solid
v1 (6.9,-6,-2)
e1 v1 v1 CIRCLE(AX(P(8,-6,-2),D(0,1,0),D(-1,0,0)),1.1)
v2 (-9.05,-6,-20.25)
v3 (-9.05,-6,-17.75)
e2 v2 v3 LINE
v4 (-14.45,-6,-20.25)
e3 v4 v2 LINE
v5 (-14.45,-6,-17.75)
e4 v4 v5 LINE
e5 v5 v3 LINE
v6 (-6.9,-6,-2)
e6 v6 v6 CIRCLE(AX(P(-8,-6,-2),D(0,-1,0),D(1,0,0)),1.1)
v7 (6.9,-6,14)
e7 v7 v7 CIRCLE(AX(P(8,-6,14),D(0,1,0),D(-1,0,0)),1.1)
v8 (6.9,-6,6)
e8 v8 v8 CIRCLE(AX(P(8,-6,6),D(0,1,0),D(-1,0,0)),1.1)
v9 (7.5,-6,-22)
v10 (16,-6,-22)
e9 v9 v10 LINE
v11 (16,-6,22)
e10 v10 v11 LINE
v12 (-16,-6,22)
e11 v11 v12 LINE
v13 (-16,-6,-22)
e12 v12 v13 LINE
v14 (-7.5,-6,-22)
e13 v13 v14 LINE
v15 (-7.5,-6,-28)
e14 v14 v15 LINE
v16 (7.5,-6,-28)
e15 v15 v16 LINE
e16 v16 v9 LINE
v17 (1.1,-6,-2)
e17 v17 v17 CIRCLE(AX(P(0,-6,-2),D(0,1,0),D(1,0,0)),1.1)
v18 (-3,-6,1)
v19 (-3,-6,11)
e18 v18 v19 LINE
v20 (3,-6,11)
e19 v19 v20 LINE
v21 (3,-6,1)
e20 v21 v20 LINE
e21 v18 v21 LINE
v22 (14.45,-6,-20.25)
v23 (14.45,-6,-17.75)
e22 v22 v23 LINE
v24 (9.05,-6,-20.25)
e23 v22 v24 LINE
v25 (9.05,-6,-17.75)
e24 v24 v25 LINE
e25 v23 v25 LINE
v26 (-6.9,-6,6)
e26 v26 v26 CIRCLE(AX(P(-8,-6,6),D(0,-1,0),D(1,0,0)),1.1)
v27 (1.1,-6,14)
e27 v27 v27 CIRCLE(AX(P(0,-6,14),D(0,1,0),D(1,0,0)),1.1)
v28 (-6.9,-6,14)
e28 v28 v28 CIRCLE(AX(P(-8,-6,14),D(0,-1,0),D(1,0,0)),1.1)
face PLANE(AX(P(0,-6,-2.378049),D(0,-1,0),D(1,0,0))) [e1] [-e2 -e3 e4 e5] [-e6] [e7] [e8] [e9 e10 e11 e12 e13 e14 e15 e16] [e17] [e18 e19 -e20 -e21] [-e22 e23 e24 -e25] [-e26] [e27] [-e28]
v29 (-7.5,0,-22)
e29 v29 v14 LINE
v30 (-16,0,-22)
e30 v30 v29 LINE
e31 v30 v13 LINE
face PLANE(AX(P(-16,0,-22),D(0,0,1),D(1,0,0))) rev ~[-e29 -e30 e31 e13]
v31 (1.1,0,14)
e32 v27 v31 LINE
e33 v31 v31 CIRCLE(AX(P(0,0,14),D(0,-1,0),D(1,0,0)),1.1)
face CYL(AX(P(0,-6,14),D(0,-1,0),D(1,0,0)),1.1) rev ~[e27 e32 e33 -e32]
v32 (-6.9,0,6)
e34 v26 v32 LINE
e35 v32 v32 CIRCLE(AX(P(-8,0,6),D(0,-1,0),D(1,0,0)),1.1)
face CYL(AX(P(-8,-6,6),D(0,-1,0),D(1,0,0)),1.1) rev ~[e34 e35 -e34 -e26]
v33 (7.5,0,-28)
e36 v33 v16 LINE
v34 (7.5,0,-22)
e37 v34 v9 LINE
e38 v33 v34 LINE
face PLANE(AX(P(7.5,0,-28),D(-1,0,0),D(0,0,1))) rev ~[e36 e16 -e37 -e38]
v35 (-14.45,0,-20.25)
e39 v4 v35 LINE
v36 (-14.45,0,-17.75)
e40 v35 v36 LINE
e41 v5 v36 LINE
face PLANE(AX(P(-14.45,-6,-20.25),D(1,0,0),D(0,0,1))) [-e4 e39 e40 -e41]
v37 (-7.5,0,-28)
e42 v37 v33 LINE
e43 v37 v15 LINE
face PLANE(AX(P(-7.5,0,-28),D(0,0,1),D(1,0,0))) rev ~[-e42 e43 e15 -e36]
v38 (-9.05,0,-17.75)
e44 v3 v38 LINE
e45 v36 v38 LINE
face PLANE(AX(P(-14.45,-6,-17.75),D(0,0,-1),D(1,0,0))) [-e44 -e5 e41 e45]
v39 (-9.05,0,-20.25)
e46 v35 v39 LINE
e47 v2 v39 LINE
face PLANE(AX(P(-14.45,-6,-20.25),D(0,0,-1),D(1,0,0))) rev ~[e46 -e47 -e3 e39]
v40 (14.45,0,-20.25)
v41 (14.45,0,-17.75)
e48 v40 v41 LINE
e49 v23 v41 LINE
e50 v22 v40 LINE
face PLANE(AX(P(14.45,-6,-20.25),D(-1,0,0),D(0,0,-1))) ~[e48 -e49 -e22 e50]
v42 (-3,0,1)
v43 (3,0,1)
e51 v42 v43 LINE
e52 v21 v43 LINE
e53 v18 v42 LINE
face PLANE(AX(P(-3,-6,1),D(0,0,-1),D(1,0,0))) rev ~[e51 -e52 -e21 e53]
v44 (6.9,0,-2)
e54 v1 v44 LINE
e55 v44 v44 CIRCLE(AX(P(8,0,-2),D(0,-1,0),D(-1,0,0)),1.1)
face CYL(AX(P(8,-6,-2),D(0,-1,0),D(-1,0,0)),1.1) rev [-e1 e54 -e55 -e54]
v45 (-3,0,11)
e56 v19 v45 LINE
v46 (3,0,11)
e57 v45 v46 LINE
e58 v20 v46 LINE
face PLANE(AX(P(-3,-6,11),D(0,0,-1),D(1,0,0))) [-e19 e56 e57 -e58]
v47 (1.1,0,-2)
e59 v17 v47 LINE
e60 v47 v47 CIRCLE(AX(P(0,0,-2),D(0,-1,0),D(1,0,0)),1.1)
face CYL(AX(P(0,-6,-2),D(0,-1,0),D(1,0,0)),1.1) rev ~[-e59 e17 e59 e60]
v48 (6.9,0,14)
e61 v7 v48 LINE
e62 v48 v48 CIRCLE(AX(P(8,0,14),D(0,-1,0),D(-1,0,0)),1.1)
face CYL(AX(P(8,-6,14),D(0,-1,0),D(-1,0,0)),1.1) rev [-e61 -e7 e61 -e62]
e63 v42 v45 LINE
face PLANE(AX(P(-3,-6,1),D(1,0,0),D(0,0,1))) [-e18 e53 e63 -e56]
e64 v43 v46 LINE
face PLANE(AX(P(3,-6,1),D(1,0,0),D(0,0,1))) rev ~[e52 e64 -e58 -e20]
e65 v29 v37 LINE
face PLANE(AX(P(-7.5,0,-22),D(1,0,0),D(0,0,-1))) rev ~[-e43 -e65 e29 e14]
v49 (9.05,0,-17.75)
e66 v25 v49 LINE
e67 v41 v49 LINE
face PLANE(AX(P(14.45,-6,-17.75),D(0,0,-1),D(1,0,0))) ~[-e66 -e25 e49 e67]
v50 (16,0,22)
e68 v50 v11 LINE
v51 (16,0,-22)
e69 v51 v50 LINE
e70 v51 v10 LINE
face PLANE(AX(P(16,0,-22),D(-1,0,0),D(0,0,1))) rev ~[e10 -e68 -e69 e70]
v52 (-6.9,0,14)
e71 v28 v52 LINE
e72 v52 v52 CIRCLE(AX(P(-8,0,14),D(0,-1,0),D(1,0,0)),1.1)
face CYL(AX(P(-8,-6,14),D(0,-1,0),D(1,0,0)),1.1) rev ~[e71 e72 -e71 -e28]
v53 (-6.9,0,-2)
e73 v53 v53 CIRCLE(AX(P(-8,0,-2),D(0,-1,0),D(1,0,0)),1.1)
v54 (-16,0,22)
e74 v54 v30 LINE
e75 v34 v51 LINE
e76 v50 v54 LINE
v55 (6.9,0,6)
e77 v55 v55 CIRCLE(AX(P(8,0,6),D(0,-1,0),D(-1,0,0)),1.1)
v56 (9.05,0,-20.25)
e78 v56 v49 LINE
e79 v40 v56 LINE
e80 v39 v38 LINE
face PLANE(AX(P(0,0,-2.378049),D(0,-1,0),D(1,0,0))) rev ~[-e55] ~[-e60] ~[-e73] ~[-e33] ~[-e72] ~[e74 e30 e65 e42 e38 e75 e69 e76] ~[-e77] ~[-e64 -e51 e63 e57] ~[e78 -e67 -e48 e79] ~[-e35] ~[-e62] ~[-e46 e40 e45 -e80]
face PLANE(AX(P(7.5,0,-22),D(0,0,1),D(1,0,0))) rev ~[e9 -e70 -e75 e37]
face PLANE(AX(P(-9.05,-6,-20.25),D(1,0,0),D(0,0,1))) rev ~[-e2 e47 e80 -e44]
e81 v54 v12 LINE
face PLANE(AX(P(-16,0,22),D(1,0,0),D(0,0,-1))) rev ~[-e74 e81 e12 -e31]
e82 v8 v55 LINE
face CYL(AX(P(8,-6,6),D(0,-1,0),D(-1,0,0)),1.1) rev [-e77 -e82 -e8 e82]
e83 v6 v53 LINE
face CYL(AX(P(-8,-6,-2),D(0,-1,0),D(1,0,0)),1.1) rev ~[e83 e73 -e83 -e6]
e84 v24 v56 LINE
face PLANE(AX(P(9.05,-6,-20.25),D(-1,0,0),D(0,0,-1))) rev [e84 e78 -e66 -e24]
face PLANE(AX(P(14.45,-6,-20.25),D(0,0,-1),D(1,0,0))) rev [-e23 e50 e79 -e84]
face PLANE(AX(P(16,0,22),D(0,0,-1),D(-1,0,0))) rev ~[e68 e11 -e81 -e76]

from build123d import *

# Parameters (mm, degrees)
PAD_DEPTH       = 6
SKETCH001_R     = 1.1
SKETCH001_W     = 6
SKETCH001_H     = 10
POCKET_DEPTH    = 125.332471
SKETCH002_W     = 5.4
SKETCH002_H     = 2.5
POCKET001_DEPTH = 125.332471


with BuildPart() as part:
    # Sketch → Pad (new body)
    with BuildSketch(Plane.XZ):
        Polygon((16, -22), (16, 22), (-16, 22), (-16, -22), (-7.5, -22), (-7.5, -28), (7.5, -28), (7.5, -22), align=None)
    extrude(amount=PAD_DEPTH)

    # Sketch001 (on Face10 of Pad) → Pocket (cut, through all)
    with BuildSketch(Plane.XZ.offset(6)):
        with Locations((0, 14)):
            Circle(SKETCH001_R)
        with Locations((-8, 6)):
            Circle(SKETCH001_R)
        with Locations((-8, 14)):
            Circle(SKETCH001_R)
        with Locations((-8, -2)):
            Circle(SKETCH001_R)
        with Locations((0, -2)):
            Circle(SKETCH001_R)
        with Locations((0, 6)):
            Rectangle(SKETCH001_W, SKETCH001_H)
    pocket = extrude(amount=-POCKET_DEPTH, mode=Mode.SUBTRACT)

    # Mirrored: Pocket across Sketch001 V_Axis
    add(pocket.mirror(Plane(origin=(0, -6, 0), x_dir=(0, -1, 0), z_dir=(1, 0, 0))), mode=Mode.SUBTRACT)

    # Sketch002 (on Face5 of Mirrored) → Pocket001 (cut, through all)
    with BuildSketch(Plane.XZ.offset(6)):
        with Locations((-11.75, -19)):
            Rectangle(SKETCH002_W, SKETCH002_H)
    pocket001 = extrude(amount=-POCKET001_DEPTH, mode=Mode.SUBTRACT)

    # Mirrored001: Pocket001 across Sketch002 V_Axis
    add(pocket001.mirror(Plane(origin=(0, -6, 0), x_dir=(0, -1, 0), z_dir=(1, 0, 0))), mode=Mode.SUBTRACT)


solid = part.part
